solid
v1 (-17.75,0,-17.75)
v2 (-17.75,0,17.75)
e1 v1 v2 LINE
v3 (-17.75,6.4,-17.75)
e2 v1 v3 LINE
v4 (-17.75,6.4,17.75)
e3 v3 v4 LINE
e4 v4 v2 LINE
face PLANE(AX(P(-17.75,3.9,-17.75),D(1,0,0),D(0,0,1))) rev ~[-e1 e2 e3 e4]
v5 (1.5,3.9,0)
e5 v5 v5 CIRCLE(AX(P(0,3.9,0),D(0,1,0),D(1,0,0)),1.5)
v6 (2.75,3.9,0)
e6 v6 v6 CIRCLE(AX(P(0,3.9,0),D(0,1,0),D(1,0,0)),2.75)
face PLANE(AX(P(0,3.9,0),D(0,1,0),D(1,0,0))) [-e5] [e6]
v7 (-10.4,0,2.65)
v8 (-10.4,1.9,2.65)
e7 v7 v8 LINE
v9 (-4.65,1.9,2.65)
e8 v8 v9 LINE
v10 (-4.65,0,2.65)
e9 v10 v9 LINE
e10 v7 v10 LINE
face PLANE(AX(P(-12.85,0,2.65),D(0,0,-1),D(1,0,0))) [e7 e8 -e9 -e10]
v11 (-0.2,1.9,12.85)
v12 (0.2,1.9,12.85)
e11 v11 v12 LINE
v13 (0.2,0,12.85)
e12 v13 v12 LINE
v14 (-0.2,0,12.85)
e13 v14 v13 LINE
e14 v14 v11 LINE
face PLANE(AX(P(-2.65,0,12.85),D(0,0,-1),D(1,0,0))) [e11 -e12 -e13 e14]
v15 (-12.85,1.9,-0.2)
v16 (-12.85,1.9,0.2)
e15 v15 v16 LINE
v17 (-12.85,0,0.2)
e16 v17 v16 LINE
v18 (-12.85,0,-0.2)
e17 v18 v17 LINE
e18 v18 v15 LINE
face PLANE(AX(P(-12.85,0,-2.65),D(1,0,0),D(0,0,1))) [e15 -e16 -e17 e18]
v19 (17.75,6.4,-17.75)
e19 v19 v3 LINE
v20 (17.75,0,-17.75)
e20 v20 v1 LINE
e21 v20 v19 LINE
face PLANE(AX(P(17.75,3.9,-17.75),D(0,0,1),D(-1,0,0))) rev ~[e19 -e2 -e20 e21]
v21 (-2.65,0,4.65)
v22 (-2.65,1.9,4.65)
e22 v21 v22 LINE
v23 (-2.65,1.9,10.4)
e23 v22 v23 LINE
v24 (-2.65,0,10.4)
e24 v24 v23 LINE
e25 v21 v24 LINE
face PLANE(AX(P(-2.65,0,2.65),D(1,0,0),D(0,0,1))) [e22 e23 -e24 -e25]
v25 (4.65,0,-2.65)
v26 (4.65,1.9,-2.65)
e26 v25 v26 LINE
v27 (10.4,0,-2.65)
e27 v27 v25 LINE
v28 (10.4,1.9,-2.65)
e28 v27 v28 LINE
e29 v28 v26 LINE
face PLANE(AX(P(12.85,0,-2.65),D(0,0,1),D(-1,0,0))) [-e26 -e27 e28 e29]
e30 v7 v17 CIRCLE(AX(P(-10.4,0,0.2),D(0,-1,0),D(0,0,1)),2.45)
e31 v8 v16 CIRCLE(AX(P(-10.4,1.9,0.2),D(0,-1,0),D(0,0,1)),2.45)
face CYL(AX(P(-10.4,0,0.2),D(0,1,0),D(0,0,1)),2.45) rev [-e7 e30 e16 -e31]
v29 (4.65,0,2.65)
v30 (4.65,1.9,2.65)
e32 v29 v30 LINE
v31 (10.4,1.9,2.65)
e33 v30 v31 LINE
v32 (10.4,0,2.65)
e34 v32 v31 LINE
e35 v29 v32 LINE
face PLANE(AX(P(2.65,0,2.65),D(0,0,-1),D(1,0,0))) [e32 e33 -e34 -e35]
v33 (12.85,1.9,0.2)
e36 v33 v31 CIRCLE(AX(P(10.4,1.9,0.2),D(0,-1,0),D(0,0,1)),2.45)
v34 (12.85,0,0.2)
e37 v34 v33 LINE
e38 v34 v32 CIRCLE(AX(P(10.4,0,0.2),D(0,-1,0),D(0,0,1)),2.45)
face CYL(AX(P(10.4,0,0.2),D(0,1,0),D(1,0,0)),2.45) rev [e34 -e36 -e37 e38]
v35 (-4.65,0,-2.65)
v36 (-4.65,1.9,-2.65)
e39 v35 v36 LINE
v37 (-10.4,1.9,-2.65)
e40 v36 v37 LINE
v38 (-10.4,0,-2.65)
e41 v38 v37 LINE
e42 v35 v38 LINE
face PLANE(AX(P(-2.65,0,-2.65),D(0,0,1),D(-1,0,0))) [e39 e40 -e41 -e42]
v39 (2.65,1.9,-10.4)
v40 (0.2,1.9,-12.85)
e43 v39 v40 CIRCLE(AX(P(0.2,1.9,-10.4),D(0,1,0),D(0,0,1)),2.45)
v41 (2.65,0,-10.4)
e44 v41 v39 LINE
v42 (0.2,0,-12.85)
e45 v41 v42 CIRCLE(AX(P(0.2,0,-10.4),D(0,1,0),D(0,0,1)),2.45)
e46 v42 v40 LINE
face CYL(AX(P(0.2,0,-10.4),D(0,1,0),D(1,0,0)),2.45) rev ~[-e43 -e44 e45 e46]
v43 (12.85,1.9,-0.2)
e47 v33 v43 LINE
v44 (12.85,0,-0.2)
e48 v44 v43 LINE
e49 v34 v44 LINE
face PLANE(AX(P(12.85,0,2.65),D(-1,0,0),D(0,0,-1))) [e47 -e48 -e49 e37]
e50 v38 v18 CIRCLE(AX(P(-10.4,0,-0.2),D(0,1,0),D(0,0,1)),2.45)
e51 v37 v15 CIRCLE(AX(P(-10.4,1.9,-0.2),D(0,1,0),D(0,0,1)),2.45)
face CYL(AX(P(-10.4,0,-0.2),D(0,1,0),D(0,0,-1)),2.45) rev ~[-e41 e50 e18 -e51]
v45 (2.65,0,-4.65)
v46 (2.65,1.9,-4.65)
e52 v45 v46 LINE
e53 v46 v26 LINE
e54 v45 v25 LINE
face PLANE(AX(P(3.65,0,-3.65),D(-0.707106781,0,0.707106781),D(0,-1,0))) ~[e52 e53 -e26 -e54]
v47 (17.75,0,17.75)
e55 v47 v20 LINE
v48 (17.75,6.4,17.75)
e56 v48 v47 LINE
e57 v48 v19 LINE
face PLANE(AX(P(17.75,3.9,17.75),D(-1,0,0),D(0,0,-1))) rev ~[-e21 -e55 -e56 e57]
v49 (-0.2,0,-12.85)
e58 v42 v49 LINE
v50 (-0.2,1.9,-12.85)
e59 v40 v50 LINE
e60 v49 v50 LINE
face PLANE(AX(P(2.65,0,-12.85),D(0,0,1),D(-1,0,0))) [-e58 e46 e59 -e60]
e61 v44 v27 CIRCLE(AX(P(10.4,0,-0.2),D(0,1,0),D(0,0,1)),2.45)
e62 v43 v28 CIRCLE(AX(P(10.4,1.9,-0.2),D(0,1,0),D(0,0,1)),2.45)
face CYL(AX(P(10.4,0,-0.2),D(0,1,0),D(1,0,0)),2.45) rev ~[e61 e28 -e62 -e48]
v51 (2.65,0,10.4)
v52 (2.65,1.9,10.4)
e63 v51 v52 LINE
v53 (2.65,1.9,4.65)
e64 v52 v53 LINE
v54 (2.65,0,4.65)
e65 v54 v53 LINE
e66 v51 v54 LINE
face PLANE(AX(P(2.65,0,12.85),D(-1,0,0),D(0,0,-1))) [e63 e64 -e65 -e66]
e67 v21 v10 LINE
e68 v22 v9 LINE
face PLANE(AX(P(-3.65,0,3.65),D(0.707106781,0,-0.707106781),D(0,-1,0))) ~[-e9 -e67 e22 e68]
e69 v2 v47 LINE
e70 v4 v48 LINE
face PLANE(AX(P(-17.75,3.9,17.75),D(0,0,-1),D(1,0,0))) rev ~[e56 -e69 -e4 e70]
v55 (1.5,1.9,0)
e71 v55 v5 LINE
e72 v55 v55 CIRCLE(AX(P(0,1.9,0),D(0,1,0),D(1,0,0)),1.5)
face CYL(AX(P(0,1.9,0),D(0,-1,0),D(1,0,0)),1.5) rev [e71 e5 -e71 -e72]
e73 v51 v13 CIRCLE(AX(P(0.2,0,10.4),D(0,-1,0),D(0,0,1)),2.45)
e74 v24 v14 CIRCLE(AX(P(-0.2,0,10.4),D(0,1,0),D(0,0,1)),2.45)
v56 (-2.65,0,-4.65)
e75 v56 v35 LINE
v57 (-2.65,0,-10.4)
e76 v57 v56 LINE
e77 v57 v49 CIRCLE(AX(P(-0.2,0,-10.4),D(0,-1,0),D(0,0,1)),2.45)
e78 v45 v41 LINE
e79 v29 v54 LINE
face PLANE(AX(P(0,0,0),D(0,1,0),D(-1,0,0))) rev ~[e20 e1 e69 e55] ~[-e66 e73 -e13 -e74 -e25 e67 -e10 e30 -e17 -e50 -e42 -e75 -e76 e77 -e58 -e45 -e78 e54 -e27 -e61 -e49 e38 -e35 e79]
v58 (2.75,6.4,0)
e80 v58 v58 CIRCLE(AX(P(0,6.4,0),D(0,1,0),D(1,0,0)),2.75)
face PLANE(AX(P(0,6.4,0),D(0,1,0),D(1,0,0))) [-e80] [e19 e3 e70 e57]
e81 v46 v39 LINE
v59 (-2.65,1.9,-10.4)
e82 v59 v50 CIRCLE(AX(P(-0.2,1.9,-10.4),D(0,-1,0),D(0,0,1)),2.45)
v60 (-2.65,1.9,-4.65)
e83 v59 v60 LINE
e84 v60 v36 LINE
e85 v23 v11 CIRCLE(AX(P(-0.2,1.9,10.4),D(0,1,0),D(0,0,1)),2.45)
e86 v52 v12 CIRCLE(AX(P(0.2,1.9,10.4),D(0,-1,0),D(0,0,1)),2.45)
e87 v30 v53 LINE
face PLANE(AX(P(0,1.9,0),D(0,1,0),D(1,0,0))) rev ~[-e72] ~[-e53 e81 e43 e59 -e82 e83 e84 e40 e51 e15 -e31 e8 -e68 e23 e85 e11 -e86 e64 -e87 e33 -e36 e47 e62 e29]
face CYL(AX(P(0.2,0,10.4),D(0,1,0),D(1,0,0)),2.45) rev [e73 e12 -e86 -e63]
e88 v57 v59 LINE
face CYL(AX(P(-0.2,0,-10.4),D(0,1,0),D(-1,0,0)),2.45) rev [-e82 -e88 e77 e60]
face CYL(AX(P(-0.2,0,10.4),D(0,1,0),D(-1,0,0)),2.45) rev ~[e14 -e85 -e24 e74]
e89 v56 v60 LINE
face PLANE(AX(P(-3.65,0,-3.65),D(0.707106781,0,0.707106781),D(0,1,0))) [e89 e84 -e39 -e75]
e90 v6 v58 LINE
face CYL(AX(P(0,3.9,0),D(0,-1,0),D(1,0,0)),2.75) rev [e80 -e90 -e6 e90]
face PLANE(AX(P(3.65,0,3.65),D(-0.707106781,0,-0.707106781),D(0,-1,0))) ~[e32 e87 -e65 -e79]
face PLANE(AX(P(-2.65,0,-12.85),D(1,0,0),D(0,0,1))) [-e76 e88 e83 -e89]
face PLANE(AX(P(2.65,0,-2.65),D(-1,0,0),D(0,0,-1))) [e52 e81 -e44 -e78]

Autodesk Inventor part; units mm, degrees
ref_plane "YZ Plane" through (0, 0, 0) normal (1, 0, 0) x (0, 1, 0)
ref_plane "XZ Plane" through (0, 0, 0) normal (0, 1, 0) x (-1, 0, 0)
ref_plane "XY Plane" through (0, 0, 0) normal (0, 0, 1) x (1, 0, 0)
sketch "Sketch1" plane through (0, 0, 0) normal (0, 1, 0) x (-1, 0, 0)
  line L0 (-17.75, -17.75) -> (17.75, -17.75)
  line L1 (17.75, -17.75) -> (17.75, 17.75)
  line L2 (17.75, 17.75) -> (-17.75, 17.75)
  line L3 (-17.75, 17.75) -> (-17.75, -17.75)
  line L4 (-17.75, -17.75) -> (17.75, 17.75) construction
  line L5 (17.75, -17.75) -> (-17.75, 17.75) construction
  line L6 (-2.45, -12.65) -> (2.45, -12.65) construction
  line L7 (2.45, -12.65) -> (2.45, 12.65) construction
  line L8 (2.45, 12.65) -> (-2.45, 12.65) construction
  line L9 (-2.45, 12.65) -> (-2.45, -12.65) construction
  line L10 (-2.45, -12.65) -> (2.45, 12.65) construction
  line L11 (2.45, -12.65) -> (-2.45, 12.65) construction
  line L12 (-12.65, -2.45) -> (12.65, -2.45) construction
  line L13 (12.65, -2.45) -> (12.65, 2.45) construction
  line L14 (12.65, 2.45) -> (-12.65, 2.45) construction
  line L15 (-12.65, 2.45) -> (-12.65, -2.45) construction
  line L16 (-12.65, -2.45) -> (12.65, 2.45) construction
  line L17 (12.65, -2.45) -> (-12.65, 2.45) construction
  line L18 (-12.85, -2.65) -> (12.85, -2.65)
  line L19 (12.85, -2.65) -> (12.85, 2.65)
  line L20 (12.85, 2.65) -> (-12.85, 2.65)
  line L21 (-12.85, 2.65) -> (-12.85, -2.65)
  line L22 (-12.85, -2.65) -> (12.85, 2.65) construction
  line L23 (12.85, -2.65) -> (-12.85, 2.65) construction
  line L24 (-2.65, -12.85) -> (2.65, -12.85)
  line L25 (2.65, -12.85) -> (2.65, 12.85)
  line L26 (2.65, 12.85) -> (-2.65, 12.85)
  line L27 (-2.65, 12.85) -> (-2.65, -12.85)
  line L28 (-2.65, -12.85) -> (2.65, 12.85) construction
  line L29 (2.65, -12.85) -> (-2.65, 12.85) construction
  point P0 (0, 0)
  point P1 (0, 0)
  dimension "d0" = 35.5
  dimension "d1" = 4.9
  dimension "d2" = 10.2
  dimension "d3" = 0.2
  dimension "d4" = 0.2
extrude "Extrusion1" add sketch "Sketch1" along normal blind 1.9
sketch "Sketch2" plane through (0, 1.9, 0) normal (0, 1, 0) x (1, 0, 0)
  line L0 (17.75, 17.75) -> (-17.75, 17.75) projected
  line L1 (-17.75, 17.75) -> (-17.75, -17.75) projected
  line L2 (-17.75, -17.75) -> (17.75, -17.75) projected
  line L3 (17.75, -17.75) -> (17.75, 17.75) projected
  circle A0 centre (0, 0) radius 1.5
  dimension "d7" = 3
extrude "Extrusion2" add sketch "Sketch2" along normal blind 2
sketch "Sketch3" plane through (0, 3.9, 0) normal (0, 1, 0) x (1, 0, 0)
  circle A0 centre (0, 0) radius 1.5 projected
  line L0 (17.75, 17.75) -> (-17.75, 17.75) projected
  line L1 (-17.75, 17.75) -> (-17.75, -17.75) projected
  line L2 (-17.75, -17.75) -> (17.75, -17.75) projected
  line L3 (17.75, -17.75) -> (17.75, 17.75) projected
  circle A1 centre (0, 0) radius 2.75
  dimension "d10" = 5.5
extrude "Extrusion3" add sketch "Sketch3" along normal blind 2.5 contours L3 L2 L1 L0
chamfer "Chamfer1" distance 2 angle 45 1 edges at (-2.65, 0.95, -2.65)
fillet "Fillet1" radius 2.45 1 edges at (-12.85, 0.95, -2.65)
fillet "Fillet2" radius 2.45 1 edges at (-2.65, 0.95, -12.85)
chamfer "Chamfer2" distance 2 angle 45 1 edges at (2.65, 0.95, -2.65)
chamfer "Chamfer3" distance 2 angle 45 1 edges at (2.65, 0.95, 2.65)
fillet "Fillet3" radius 2.45 1 edges at (12.85, 0.95, -2.65)
fillet "Fillet4" radius 2.45 1 edges at (2.65, 0.95, -12.85)
fillet "Fillet5" radius 2.45 1 edges at (12.85, 0.95, 2.65)
fillet "Fillet6" radius 2.45 1 edges at (2.65, 0.95, 12.85)
chamfer "Chamfer4" distance 2 angle 45 1 edges at (-2.65, 0.95, 2.65)
fillet "Fillet7" radius 2.45 2 edges at (-2.65, 0.95, 12.85) (-12.85, 0.95, 2.65)
equation "\"d0\" = 3 * ServoArmLength + ServoArmWidth"
equation "\"d1\" = ServoArmWidth"
equation "\"d2\" = ServoArmLength"
equation "\"d3\" = ServoArmSpacing"
equation "\"d4\" = ServoArmSpacing"
equation "\"d5\" = ServoArmThickness"
equation "\"d7\" = ServoArmHoleRequired"
equation "\"d8\" = MinimalThickness"
equation "\"d10\" = ServoArmHeadScrewTrace"
equation "\"d11\" = ServoArmHeadScrewThickness"
equation "\"d13\" = ServoArmInternFillet"
equation "\"d16\" = ServoArmExternFillet"
equation "\"d17\" = ServoArmExternFillet"
equation "\"d18\" = ServoArmInternFillet"
equation "\"d21\" = ServoArmInternFillet"
equation "\"d24\" = ServoArmExternFillet"
equation "\"d25\" = ServoArmExternFillet"
equation "\"d26\" = ServoArmExternFillet"
equation "\"d27\" = ServoArmExternFillet"
equation "\"d28\" = ServoArmInternFillet"
equation "\"d31\" = ServoArmExternFillet"
equation "\"ServoArmLength\" = 10.2"
equation "\"ServoArmWidth\" = 4.9"
equation "\"ServoArmSpacing\" = 0.2"
equation "\"ServoArmThickness\" = 1.9"
equation "\"ServoArmHoleRequired\" = 3"
equation "\"MinimalThickness\" = 2"
equation "\"ServoArmHeadScrewTrace\" = 5.5"
equation "\"ServoArmHeadScrewThickness\" = 2.5"
equation "\"ServoArmInternFillet\" = 2"
equation "\"ServoArmExternFillet\" = 2.45"
properties part number "CoronaArmTrace"
